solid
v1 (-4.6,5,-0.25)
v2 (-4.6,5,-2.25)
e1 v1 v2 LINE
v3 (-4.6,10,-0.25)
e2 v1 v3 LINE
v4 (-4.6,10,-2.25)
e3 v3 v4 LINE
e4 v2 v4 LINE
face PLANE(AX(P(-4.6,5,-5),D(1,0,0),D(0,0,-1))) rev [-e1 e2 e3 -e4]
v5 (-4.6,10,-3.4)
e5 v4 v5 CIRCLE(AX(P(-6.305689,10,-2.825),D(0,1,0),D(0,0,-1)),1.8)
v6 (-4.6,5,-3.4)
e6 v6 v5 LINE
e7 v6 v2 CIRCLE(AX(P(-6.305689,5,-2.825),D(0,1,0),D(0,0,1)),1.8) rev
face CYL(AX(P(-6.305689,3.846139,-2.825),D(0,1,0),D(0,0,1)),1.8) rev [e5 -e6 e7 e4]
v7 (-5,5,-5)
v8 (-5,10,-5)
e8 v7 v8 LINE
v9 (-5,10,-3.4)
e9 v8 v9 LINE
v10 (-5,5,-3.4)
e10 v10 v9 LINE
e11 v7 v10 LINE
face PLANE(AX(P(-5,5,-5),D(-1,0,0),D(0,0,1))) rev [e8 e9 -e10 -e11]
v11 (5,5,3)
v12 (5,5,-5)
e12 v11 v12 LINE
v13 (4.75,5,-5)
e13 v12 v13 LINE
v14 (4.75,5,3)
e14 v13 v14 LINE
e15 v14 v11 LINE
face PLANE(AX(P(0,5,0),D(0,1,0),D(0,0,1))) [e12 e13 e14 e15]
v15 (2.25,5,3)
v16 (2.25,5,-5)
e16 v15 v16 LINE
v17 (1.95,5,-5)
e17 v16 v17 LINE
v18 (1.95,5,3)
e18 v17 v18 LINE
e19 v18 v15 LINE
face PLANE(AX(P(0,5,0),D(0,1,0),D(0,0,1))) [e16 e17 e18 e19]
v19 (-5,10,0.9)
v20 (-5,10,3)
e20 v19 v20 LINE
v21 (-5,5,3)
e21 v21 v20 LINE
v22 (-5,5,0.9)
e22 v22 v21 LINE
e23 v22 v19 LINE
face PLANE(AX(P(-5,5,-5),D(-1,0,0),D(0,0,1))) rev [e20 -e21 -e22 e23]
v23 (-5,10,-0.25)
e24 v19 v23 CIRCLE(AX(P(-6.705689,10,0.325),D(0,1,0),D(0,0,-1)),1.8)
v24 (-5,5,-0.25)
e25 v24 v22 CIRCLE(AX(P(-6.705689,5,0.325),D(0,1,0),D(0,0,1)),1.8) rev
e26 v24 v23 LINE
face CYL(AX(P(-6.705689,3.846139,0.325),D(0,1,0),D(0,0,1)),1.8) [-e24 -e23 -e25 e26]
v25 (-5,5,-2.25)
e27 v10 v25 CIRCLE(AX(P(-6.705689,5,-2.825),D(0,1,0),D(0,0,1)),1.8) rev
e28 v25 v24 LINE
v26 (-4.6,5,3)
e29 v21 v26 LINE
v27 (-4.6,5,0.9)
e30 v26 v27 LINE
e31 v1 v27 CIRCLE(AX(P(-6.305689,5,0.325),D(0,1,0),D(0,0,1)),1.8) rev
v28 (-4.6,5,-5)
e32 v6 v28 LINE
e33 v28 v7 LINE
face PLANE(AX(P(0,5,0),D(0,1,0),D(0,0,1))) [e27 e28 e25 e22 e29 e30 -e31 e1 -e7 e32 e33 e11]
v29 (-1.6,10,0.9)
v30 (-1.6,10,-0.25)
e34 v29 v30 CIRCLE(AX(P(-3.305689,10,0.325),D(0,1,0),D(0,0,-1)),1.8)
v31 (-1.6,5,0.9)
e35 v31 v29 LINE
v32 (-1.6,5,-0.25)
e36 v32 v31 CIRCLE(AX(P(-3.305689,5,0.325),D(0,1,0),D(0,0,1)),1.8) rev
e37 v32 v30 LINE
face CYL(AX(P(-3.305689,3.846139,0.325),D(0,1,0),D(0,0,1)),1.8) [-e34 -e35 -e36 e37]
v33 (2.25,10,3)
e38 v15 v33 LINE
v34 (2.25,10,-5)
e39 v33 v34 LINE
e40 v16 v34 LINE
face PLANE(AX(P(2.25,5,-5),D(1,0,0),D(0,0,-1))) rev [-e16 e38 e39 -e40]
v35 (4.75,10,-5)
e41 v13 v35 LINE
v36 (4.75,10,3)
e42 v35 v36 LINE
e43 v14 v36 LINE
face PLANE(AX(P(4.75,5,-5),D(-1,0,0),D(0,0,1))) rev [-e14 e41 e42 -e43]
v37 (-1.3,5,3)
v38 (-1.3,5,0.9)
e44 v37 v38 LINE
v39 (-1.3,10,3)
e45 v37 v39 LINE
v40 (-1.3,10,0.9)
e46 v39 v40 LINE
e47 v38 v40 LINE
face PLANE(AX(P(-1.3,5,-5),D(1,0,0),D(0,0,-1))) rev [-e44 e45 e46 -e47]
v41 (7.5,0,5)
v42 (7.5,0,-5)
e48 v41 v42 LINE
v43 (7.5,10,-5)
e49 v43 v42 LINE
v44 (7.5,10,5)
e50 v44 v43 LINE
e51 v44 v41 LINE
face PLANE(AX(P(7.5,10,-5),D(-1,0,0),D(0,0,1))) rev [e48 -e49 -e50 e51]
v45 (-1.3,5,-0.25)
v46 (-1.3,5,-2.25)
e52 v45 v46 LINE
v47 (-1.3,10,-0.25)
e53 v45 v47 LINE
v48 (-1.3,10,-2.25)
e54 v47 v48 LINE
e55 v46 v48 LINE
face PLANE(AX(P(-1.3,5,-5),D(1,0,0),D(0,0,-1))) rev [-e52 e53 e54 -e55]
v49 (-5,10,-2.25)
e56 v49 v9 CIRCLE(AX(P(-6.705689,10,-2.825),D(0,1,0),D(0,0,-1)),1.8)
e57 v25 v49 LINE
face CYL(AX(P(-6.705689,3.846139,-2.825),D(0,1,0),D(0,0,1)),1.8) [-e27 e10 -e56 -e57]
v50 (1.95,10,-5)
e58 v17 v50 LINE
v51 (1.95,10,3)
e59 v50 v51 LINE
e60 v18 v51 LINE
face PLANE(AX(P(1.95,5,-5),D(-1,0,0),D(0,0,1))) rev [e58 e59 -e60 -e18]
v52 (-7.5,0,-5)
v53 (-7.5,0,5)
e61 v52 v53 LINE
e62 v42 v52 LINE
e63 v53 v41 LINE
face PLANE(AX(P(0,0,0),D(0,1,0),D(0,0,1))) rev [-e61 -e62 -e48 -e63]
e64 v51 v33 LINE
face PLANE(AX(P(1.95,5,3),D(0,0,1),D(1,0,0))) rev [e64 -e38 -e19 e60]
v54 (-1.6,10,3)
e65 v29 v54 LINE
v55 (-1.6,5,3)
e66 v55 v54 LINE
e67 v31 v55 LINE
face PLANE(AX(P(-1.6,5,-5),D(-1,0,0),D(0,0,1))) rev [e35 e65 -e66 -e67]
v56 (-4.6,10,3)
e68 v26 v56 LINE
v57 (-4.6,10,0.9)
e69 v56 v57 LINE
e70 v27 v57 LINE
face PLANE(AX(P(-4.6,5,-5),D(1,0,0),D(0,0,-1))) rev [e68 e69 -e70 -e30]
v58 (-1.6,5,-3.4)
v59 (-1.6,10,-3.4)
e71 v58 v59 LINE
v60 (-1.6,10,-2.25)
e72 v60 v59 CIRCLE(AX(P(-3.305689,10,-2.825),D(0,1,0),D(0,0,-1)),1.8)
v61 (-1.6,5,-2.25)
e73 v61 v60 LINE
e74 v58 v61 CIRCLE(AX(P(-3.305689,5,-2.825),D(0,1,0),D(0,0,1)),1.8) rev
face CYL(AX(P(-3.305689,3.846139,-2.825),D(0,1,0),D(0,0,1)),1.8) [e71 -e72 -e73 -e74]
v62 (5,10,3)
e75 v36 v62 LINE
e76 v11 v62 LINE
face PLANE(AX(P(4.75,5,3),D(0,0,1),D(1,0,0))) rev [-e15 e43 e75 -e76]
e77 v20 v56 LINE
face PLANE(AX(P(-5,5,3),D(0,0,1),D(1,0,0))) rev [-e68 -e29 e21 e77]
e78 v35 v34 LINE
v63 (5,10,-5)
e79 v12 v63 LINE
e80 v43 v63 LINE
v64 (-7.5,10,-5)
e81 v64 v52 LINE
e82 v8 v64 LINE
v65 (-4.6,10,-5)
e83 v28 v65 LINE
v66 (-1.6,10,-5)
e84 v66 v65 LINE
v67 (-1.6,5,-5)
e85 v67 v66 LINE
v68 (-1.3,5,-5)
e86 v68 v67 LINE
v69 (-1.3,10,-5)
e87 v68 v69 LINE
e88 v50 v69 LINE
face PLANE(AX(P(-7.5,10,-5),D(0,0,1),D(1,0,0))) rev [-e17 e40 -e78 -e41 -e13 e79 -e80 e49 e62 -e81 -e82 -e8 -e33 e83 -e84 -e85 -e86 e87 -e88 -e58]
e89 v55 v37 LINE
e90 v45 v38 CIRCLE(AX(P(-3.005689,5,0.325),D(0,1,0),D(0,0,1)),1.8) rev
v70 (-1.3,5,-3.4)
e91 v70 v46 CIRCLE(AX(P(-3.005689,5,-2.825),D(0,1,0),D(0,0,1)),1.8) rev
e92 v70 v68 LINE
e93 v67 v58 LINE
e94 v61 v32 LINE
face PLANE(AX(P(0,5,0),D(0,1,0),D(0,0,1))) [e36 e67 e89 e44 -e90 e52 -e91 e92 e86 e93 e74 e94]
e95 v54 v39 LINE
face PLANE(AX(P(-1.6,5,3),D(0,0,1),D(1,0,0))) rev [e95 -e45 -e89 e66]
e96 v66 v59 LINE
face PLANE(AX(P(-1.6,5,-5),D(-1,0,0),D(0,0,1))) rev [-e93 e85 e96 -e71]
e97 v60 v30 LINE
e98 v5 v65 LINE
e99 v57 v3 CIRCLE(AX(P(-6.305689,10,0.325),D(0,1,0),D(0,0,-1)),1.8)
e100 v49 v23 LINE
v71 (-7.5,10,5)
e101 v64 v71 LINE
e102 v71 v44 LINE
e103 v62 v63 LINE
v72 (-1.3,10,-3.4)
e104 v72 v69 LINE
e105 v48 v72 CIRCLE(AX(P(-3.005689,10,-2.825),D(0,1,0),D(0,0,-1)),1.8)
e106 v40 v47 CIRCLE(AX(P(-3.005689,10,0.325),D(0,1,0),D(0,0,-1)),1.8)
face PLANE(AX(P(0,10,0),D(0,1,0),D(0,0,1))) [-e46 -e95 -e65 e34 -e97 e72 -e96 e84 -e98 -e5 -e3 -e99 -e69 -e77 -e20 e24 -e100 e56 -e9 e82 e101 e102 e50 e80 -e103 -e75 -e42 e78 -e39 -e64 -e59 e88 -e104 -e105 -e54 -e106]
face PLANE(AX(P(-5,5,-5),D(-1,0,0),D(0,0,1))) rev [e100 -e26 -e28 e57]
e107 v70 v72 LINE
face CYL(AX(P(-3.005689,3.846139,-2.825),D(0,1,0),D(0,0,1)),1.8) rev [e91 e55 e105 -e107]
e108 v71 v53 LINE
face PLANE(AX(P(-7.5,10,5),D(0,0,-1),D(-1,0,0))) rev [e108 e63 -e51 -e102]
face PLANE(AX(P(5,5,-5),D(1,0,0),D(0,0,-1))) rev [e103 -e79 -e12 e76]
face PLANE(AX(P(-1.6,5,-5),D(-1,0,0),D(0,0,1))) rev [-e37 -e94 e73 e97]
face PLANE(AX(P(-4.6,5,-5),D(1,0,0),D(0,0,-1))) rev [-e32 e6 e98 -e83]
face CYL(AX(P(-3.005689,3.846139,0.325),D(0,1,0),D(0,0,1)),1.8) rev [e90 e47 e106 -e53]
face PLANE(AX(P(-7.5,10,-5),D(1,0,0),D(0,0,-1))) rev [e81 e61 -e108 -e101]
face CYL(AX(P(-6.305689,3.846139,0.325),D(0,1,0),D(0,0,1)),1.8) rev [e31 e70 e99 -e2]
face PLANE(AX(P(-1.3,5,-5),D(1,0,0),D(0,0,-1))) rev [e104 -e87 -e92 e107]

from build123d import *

# Parameters (mm, degrees)
SKETCH1_W           = 15
SKETCH1_H           = 10
BOSS_EXTRUDE1_DEPTH = 10
SKETCH2_W           = 0.4
SKETCH2_H           = 8
SKETCH2_W_2         = 0.3
SKETCH2_W_3         = 0.25
CUT_EXTRUDE1_DEPTH  = 5
BOSS_EXTRUDE2_DEPTH = 5
CUT_EXTRUDE2_DEPTH  = 5


with BuildPart() as part:
    # Sketch1 → Boss-Extrude1 (new body)
    with BuildSketch(Plane(origin=(0, 0, 0), x_dir=(1, 0, 0), z_dir=(0, 1, 0))):
        Rectangle(SKETCH1_W, SKETCH1_H)
    extrude(amount=BOSS_EXTRUDE1_DEPTH)

    # Sketch2 → Cut-Extrude1 (cut)
    with BuildSketch(Plane(origin=(0, 10, 0), x_dir=(1, 0, 0), z_dir=(0, 1, 0))):
        with Locations((-4.8, 1)):
            Rectangle(SKETCH2_W, SKETCH2_H)
        with Locations((-1.45, 1)):
            Rectangle(SKETCH2_W_2, SKETCH2_H)
        with Locations((2.1, 1)):
            Rectangle(SKETCH2_W_2, SKETCH2_H)
        with Locations((4.875, 1)):
            Rectangle(SKETCH2_W_3, SKETCH2_H)
    extrude(amount=-CUT_EXTRUDE1_DEPTH, mode=Mode.SUBTRACT)

    # Sketch3 → Boss-Extrude2 (add)
    with BuildSketch(Plane(origin=(0, 10, 0), x_dir=(1, 0, 0), z_dir=(0, 1, 0))):
        with BuildLine():
            Line((-5, 3.4), (-5, 2.25))
            ThreePointArc((-5, 2.25), (-4.90568901, 2.825), (-5, 3.4))
        make_face()
        with BuildLine():
            Line((-5, 0.25), (-5, -0.9))
            ThreePointArc((-5, -0.9), (-4.90568901, -0.325), (-5, 0.25))
        make_face()
        with BuildLine():
            Line((-1.6, 3.4), (-1.6, 2.25))
            ThreePointArc((-1.6, 2.25), (-1.50568901, 2.825), (-1.6, 3.4))
        make_face()
        with BuildLine():
            Line((-1.6, 0.25), (-1.6, -0.9))
            ThreePointArc((-1.6, -0.9), (-1.50568901, -0.325), (-1.6, 0.25))
        make_face()
    extrude(amount=-BOSS_EXTRUDE2_DEPTH)

    # Sketch4 → Cut-Extrude2 (cut)
    with BuildSketch(Plane(origin=(0, 10, 0), x_dir=(1, 0, 0), z_dir=(0, 1, 0))):
        with BuildLine():
            Line((-4.6, 3.4), (-4.6, 2.25))
            ThreePointArc((-4.6, 2.25), (-4.50568901, 2.825), (-4.6, 3.4))
        make_face()
        with BuildLine():
            Line((-4.6, 0.25), (-4.6, -0.9))
            ThreePointArc((-4.6, -0.9), (-4.50568901, -0.325), (-4.6, 0.25))
        make_face()
        with BuildLine():
            Line((-1.3, 3.4), (-1.3, 2.25))
            ThreePointArc((-1.3, 2.25), (-1.20568901, 2.825), (-1.3, 3.4))
        make_face()
        with BuildLine():
            Line((-1.3, 0.25), (-1.3, -0.9))
            ThreePointArc((-1.3, -0.9), (-1.20568901, -0.325), (-1.3, 0.25))
        make_face()
    extrude(amount=-CUT_EXTRUDE2_DEPTH, mode=Mode.SUBTRACT)


solid = part.part
